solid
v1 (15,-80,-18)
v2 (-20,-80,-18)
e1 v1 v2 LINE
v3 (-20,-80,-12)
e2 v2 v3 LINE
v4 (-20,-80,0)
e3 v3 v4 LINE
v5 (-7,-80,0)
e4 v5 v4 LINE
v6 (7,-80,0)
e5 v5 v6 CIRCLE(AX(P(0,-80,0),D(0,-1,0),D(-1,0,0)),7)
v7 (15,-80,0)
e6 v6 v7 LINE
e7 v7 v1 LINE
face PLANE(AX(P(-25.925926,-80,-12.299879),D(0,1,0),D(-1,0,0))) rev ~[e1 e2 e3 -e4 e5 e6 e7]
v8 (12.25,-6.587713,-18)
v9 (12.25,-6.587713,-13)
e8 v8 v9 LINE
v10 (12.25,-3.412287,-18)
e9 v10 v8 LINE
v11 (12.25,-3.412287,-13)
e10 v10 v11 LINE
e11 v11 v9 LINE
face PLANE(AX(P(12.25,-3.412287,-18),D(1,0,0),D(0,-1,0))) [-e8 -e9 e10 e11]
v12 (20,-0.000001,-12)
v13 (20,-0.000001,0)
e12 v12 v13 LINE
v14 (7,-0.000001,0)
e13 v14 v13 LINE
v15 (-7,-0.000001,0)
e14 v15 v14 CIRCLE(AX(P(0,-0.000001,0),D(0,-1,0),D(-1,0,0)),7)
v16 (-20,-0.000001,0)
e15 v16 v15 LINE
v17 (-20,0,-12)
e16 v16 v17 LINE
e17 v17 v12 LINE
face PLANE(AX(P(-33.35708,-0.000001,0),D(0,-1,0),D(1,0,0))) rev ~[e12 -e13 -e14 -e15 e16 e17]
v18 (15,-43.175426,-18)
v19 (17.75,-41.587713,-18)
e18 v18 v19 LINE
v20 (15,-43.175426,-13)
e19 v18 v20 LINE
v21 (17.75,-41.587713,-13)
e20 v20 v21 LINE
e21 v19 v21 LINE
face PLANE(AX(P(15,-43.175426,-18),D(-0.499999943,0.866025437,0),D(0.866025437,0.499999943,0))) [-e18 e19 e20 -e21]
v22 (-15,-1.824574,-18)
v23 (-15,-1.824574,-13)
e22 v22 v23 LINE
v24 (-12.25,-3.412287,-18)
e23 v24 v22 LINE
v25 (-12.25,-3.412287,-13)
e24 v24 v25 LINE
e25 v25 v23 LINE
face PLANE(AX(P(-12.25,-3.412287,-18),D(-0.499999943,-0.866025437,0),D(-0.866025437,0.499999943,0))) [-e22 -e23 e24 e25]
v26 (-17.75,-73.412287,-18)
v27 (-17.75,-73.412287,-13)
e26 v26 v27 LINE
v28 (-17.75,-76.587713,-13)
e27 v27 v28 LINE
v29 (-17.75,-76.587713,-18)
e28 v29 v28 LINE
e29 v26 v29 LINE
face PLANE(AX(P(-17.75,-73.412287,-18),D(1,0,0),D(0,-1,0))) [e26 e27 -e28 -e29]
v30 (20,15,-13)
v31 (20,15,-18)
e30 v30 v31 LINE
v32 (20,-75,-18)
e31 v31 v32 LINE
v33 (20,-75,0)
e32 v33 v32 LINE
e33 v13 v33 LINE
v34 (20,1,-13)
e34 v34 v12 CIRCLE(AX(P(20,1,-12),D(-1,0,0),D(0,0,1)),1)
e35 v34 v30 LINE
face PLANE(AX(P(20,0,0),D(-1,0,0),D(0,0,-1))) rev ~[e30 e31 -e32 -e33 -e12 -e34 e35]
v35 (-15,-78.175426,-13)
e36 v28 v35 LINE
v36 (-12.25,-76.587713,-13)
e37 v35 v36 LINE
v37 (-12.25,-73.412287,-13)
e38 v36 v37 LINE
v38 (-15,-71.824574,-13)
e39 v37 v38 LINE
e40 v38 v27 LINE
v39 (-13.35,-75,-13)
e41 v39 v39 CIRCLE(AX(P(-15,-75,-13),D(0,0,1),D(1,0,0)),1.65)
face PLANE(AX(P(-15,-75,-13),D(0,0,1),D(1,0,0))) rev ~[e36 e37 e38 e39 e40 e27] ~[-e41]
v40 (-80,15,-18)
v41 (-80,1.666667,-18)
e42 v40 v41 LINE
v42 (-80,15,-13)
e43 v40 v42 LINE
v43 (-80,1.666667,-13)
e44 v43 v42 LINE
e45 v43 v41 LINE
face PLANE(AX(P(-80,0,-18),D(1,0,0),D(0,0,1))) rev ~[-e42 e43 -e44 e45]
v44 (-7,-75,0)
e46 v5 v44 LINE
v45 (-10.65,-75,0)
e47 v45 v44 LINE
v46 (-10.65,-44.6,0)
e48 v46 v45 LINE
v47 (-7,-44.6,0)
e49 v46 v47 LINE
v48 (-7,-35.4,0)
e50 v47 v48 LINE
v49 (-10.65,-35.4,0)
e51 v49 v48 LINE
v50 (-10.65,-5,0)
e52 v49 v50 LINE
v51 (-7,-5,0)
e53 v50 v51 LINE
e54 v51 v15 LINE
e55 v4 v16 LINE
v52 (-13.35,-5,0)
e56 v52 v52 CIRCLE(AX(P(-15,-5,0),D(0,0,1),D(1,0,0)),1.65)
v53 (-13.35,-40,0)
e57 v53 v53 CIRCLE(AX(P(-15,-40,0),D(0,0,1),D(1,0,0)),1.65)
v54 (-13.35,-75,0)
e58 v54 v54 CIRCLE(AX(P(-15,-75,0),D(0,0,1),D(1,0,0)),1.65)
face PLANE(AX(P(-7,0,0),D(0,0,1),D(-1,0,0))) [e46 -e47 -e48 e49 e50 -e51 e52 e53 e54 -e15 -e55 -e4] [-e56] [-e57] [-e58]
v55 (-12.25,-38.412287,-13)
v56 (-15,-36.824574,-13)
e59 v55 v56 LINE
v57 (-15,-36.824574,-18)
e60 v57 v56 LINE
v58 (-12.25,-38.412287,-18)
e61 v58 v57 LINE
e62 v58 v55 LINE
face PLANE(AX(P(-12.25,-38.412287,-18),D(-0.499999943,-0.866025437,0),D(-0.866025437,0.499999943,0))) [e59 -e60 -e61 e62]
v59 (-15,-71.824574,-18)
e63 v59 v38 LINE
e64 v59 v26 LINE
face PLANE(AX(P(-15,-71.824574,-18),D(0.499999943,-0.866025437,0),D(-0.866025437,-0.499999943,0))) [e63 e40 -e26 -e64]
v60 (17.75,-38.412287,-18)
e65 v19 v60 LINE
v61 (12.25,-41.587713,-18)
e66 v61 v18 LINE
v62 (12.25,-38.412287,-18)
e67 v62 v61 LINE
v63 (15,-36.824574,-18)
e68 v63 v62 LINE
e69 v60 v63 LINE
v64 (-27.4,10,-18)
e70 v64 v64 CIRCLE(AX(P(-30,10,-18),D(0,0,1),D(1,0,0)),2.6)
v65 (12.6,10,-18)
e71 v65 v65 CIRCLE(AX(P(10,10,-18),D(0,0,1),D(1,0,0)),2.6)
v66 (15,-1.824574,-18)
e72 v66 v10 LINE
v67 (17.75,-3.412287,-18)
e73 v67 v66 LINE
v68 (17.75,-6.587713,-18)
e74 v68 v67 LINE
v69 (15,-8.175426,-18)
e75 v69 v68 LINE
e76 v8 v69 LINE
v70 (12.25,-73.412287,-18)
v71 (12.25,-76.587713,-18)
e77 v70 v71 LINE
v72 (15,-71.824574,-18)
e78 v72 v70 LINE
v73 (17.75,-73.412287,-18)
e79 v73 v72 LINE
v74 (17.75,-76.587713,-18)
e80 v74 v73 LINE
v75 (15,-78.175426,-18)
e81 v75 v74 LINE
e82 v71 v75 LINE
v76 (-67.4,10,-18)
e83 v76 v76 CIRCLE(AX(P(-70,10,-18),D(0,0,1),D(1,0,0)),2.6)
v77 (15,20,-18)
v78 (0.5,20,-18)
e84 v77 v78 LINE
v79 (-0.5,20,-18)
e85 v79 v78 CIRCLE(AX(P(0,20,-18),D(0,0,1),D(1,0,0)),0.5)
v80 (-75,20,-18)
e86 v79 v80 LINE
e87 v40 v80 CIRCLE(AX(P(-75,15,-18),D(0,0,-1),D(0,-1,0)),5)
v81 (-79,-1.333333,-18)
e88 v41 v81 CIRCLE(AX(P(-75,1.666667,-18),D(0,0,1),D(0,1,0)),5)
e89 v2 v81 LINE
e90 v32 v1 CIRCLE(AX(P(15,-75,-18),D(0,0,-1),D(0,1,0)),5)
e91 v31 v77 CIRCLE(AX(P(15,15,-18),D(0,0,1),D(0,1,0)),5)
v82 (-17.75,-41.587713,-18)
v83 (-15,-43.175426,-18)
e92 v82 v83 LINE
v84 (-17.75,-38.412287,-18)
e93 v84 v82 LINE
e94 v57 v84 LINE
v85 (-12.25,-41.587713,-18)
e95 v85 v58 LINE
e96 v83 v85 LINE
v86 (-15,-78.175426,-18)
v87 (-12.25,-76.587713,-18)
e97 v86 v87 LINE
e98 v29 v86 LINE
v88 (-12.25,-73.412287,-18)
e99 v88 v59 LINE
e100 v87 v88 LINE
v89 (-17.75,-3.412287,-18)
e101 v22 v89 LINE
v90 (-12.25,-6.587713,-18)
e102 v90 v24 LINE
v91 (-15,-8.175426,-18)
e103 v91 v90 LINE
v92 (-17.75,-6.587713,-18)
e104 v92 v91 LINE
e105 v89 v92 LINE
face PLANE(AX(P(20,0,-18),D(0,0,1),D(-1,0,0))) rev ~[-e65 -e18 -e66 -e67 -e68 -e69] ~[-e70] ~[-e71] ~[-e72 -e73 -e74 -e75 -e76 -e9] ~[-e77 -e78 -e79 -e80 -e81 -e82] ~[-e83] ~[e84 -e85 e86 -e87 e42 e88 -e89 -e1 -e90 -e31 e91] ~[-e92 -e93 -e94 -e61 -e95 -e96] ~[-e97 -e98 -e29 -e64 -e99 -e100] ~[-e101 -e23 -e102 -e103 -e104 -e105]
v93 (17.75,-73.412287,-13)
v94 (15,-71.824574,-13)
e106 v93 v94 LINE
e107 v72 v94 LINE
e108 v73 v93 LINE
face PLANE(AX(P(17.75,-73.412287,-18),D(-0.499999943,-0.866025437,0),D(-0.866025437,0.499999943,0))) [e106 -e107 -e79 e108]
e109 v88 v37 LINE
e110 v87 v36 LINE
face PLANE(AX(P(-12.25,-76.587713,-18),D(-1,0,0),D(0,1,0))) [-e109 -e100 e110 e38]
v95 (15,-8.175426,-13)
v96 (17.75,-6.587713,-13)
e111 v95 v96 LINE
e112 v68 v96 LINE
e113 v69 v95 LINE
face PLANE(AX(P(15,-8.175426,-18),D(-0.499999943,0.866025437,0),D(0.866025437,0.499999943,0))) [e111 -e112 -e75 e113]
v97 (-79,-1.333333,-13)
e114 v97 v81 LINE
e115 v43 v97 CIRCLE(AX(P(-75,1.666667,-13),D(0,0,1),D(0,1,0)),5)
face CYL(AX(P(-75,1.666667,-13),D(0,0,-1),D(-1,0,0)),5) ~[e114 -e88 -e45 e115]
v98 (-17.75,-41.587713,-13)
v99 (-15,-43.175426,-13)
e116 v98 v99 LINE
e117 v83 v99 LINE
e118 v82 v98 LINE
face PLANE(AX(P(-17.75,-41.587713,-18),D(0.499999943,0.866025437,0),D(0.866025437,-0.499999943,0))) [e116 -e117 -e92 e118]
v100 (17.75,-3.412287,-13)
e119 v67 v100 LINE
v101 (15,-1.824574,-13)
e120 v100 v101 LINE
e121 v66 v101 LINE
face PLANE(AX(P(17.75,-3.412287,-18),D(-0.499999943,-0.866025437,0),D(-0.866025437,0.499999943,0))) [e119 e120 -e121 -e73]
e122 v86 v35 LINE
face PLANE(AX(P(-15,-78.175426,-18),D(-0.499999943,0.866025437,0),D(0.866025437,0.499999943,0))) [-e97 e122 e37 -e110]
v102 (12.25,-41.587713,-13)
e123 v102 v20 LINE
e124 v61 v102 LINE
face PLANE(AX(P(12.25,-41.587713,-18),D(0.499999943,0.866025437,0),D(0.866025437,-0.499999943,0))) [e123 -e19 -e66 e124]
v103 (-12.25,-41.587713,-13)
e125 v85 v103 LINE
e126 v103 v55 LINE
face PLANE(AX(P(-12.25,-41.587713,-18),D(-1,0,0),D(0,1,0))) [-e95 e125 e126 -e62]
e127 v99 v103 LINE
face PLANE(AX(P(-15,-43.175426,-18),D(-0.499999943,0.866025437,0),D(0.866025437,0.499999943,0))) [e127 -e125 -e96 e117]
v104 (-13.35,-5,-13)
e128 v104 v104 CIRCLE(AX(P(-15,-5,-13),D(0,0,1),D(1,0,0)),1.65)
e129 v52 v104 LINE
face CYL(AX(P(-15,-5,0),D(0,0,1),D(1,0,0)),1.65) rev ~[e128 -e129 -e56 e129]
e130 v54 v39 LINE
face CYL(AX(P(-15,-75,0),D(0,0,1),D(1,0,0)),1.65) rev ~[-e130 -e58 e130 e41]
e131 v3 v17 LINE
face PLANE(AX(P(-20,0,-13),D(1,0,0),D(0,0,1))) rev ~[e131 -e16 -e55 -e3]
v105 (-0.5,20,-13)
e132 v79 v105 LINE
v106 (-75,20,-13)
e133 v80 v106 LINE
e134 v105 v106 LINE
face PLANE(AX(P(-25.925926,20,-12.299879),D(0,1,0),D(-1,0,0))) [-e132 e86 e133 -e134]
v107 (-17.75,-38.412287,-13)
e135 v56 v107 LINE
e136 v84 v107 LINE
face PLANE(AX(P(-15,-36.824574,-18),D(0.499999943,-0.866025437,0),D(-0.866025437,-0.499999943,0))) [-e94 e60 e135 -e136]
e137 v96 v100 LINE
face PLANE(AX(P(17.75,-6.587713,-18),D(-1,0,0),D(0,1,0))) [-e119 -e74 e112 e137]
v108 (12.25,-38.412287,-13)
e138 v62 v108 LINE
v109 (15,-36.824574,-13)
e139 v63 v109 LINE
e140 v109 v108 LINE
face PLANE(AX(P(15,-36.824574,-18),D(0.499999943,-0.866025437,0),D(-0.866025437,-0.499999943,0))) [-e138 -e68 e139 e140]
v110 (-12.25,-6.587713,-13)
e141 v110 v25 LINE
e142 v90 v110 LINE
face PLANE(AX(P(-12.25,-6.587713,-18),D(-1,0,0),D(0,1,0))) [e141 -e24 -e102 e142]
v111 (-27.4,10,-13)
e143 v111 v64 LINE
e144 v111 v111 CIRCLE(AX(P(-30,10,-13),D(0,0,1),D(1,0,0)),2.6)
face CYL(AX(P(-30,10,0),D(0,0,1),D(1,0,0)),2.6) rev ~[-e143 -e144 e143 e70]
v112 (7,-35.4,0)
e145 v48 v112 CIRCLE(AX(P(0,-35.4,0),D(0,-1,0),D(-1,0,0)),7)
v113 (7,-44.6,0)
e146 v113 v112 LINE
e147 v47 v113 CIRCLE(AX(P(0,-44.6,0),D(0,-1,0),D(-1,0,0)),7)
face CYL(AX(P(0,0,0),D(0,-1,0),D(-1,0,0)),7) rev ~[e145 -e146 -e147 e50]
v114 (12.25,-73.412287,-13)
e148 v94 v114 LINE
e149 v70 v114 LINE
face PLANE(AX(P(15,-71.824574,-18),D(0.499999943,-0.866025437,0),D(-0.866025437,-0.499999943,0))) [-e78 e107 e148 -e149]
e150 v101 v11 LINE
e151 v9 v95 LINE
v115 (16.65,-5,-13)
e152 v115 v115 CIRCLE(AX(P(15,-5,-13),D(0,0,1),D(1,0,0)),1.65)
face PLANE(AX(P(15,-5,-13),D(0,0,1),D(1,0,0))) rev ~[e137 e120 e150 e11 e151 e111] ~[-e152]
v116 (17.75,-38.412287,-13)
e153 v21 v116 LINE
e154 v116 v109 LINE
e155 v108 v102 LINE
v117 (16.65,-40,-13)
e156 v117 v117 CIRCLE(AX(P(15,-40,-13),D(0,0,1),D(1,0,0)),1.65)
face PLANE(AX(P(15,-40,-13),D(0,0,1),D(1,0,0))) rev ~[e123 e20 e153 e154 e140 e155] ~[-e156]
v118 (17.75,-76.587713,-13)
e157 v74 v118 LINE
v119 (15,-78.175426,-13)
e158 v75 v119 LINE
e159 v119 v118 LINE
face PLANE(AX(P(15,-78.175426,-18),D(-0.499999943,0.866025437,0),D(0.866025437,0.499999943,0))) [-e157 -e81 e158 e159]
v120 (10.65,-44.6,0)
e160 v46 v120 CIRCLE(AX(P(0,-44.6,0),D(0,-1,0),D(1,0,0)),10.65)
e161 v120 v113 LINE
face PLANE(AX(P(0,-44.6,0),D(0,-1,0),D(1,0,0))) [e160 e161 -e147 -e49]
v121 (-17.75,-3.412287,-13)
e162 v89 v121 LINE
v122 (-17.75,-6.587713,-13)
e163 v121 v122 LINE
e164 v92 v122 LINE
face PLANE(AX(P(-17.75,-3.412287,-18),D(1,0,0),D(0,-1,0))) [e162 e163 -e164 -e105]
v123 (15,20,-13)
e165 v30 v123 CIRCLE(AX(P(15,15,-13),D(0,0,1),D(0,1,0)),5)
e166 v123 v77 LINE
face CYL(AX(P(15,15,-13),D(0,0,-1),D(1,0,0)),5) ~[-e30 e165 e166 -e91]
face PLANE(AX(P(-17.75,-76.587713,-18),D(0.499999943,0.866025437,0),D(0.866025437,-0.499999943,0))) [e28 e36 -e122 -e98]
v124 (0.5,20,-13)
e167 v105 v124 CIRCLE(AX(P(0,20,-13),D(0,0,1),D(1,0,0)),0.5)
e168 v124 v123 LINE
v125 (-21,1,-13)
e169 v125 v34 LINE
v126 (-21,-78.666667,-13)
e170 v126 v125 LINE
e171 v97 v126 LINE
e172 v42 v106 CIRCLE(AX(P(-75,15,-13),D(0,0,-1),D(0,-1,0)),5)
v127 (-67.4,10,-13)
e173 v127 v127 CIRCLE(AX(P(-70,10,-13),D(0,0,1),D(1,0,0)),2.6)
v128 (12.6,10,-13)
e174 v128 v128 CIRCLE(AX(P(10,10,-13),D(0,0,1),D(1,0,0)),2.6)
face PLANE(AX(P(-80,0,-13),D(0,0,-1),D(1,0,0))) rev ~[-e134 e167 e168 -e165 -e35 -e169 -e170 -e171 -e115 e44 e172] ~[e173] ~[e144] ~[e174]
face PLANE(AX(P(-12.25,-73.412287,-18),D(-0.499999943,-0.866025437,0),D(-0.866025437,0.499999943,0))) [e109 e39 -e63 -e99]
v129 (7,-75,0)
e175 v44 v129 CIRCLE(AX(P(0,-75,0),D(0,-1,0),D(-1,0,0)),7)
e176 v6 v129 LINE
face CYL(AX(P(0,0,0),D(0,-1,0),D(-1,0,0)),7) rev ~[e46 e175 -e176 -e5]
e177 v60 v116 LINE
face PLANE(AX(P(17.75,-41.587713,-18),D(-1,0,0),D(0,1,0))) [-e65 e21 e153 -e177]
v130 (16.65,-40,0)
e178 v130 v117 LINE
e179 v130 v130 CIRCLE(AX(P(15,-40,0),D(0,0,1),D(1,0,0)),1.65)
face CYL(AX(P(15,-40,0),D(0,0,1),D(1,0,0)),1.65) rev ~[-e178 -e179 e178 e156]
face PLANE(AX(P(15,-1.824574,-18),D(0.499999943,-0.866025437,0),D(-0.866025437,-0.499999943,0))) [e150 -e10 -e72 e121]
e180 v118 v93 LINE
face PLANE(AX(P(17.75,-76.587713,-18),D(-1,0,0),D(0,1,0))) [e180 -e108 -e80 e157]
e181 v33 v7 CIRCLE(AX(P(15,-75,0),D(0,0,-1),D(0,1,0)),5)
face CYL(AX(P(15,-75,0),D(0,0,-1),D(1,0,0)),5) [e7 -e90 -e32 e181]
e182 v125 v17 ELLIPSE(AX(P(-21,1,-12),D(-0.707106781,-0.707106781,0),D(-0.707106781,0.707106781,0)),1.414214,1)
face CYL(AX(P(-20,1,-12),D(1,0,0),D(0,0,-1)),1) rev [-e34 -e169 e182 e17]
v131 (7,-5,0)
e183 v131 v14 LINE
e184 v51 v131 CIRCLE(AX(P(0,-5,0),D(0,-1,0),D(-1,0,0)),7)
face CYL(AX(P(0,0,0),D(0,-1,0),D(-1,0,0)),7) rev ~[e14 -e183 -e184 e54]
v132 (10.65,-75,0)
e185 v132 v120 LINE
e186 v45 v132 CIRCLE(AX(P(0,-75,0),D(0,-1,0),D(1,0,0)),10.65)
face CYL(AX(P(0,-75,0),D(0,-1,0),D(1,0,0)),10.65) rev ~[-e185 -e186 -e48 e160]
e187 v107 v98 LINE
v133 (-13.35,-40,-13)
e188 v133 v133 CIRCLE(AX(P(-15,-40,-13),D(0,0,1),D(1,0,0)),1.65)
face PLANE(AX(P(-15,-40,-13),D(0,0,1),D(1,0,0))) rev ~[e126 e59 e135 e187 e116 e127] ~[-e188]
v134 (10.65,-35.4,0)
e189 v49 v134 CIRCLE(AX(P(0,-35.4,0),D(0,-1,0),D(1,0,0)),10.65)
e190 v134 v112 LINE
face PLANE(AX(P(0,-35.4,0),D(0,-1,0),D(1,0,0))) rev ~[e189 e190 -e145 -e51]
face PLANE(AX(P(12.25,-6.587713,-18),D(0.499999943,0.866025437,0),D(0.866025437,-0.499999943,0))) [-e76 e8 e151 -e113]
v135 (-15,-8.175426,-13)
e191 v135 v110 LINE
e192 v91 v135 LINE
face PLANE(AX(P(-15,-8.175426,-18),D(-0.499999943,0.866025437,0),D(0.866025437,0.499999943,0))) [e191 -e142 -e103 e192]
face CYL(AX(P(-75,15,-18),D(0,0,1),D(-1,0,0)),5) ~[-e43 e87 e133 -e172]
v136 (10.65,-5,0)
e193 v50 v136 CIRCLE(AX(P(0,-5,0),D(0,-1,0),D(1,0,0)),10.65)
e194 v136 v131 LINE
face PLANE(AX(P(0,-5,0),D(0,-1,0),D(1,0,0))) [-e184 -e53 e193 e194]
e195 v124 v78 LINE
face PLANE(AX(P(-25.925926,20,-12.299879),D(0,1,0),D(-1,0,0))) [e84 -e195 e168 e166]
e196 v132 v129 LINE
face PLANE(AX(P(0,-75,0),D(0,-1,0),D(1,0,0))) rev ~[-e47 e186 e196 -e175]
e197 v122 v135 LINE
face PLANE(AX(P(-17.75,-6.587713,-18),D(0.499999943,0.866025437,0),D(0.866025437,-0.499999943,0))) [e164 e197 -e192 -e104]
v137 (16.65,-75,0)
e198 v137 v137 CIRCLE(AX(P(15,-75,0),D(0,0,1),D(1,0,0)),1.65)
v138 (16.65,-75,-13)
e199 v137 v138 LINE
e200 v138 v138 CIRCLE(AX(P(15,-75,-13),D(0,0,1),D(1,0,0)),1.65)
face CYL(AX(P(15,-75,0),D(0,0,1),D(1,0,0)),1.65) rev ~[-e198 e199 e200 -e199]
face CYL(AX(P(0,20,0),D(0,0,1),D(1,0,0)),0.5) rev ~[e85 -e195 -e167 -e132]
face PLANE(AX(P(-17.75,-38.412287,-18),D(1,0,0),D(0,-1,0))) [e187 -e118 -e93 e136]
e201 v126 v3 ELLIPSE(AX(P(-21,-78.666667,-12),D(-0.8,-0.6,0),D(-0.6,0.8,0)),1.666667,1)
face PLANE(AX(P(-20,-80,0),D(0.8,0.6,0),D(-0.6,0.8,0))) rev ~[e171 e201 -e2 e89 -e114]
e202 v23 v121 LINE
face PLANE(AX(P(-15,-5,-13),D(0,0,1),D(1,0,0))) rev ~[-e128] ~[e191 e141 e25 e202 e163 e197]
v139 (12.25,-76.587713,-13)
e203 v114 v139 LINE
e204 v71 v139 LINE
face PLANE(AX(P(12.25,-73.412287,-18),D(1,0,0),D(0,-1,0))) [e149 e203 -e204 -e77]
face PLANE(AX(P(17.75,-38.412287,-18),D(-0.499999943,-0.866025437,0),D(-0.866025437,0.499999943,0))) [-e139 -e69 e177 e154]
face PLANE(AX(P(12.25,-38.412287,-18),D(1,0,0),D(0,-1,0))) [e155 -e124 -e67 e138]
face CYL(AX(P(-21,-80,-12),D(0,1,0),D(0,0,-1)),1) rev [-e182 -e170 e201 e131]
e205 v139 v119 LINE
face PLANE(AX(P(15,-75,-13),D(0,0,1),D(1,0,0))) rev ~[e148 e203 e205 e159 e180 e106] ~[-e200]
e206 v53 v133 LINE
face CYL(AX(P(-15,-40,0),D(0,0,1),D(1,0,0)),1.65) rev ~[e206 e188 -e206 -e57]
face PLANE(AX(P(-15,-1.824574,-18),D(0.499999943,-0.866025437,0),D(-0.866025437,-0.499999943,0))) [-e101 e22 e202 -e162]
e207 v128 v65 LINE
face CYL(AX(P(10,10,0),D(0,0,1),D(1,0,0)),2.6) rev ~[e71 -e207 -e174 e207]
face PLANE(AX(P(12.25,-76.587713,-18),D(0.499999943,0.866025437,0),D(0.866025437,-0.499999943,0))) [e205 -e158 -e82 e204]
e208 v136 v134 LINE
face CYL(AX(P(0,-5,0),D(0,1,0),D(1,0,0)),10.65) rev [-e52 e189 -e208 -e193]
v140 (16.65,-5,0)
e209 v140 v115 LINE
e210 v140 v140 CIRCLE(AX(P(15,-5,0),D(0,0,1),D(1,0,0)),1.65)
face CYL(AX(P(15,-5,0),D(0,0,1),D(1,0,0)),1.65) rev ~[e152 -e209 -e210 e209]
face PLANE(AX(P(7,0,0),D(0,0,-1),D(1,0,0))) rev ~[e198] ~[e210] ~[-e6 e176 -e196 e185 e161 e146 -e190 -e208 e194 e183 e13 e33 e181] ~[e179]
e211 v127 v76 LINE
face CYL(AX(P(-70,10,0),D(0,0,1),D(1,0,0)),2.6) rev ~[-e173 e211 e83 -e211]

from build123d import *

# Parameters (mm, degrees)
PAD_DEPTH       = 80
PAD_DEPTH_BACK  = 20
SKETCH001_R     = 2.6
SKETCH001_R_2   = 1.65
SKETCH001_R_3   = 0.5
POCKET_DEPTH    = 18.001
SKETCH002_W     = 66.71416
SKETCH002_H     = 42.248775
POCKET001_DEPTH = 13
SKETCH003_R     = 10.65
POCKET002_DEPTH = 30.4
SKETCH004_R     = 10.65
POCKET003_DEPTH = 30.4
POCKET004_DEPTH = 5
FILLET_R        = 5
FILLET001_R     = 1


with BuildPart() as part:
    # Sketch → Pad (new body, two sides)
    with BuildSketch(Plane.XZ) as pad_sk:
        with BuildLine():
            Line((-80, -18), (-80, -13))
            Line((-80, -13), (-20, -13))
            Line((-20, -13), (-20, 0))
            Line((-7, 0), (-20, 0))
            ThreePointArc((-7, 0), (0, -7), (7, 0))
            Line((7, 0), (20, 0))
            Line((20, 0), (20, -18))
            Line((20, -18), (-80, -18))
        make_face()
    extrude(amount=PAD_DEPTH)
    extrude(pad_sk.sketch, amount=-PAD_DEPTH_BACK)

    # Sketch001 → Pocket (cut, through all)
    with BuildSketch(Plane.XY):
        with Locations((-70, 10)):
            Circle(SKETCH001_R)
        with Locations((-30, 10)):
            Circle(SKETCH001_R)
        with Locations((10, 10)):
            Circle(SKETCH001_R)
        with Locations((-15, -5)):
            Circle(SKETCH001_R_2)
        with Locations((-15, -40)):
            Circle(SKETCH001_R_2)
        with Locations((-15, -75)):
            Circle(SKETCH001_R_2)
        with Locations((15, -5)):
            Circle(SKETCH001_R_2)
        with Locations((15, -40)):
            Circle(SKETCH001_R_2)
        with Locations((15, -75)):
            Circle(SKETCH001_R_2)
        with Locations((0, 20)):
            Circle(SKETCH001_R_3)
        Polygon((-80, 0), (-80, -80), (-20, -80), align=None)
    extrude(amount=-POCKET_DEPTH, mode=Mode.SUBTRACT)

    # Sketch002 → Pocket001 (cut)
    with BuildSketch(Plane.XY):
        with Locations((0, 21.124387)):
            Rectangle(SKETCH002_W, SKETCH002_H)
    extrude(amount=-POCKET001_DEPTH, mode=Mode.SUBTRACT)

    # Sketch003 (on DatumPlane) → Pocket002 (cut)
    with BuildSketch(Plane.XZ.offset(5)):
        Circle(SKETCH003_R)
    extrude(amount=POCKET002_DEPTH, mode=Mode.SUBTRACT)

    # Sketch004 (on DatumPlane) → Pocket003 (cut)
    with BuildSketch(Plane.XZ.offset(75)):
        Circle(SKETCH004_R)
    extrude(amount=-POCKET003_DEPTH, mode=Mode.SUBTRACT)

    # Sketch005 (on DatumPlane) → Pocket004 (cut)
    with BuildSketch(Plane.XY.offset(-18)):
        Polygon((-12.25, -6.587713), (-12.25, -3.412287), (-15, -1.824574), (-17.75, -3.412287), (-17.75, -6.587713), (-15, -8.175426), align=None)
        Polygon((17.75, -6.587713), (17.75, -3.412287), (15, -1.824574), (12.25, -3.412287), (12.25, -6.587713), (15, -8.175426), align=None)
        Polygon((-12.25, -41.587713), (-12.25, -38.412287), (-15, -36.824574), (-17.75, -38.412287), (-17.75, -41.587713), (-15, -43.175426), align=None)
        Polygon((17.75, -41.587713), (17.75, -38.412287), (15, -36.824574), (12.25, -38.412287), (12.25, -41.587713), (15, -43.175426), align=None)
        Polygon((-12.25, -76.587713), (-12.25, -73.412287), (-15, -71.824574), (-17.75, -73.412287), (-17.75, -76.587713), (-15, -78.175426), align=None)
        Polygon((17.75, -76.587713), (17.75, -73.412287), (15, -71.824574), (12.25, -73.412287), (12.25, -76.587713), (15, -78.175426), align=None)
    extrude(amount=POCKET004_DEPTH, mode=Mode.SUBTRACT)

    # Fillet
    fillet_edges = [part.edges().sort_by_distance(p)[0] for p in [
        (-80, 20, -15.5),
        (-80, 0, -15.5),
        (20, -80, -9),
        (20, 20, -15.5),
    ]]
    fillet(fillet_edges, radius=FILLET_R)

    # Fillet001
    fillet001_edges = [part.edges().sort_by_distance(p)[0] for p in [
        (-20, -40, -13),
        (0, 0, -13),
    ]]
    fillet(fillet001_edges, radius=FILLET001_R)


solid = part.part
